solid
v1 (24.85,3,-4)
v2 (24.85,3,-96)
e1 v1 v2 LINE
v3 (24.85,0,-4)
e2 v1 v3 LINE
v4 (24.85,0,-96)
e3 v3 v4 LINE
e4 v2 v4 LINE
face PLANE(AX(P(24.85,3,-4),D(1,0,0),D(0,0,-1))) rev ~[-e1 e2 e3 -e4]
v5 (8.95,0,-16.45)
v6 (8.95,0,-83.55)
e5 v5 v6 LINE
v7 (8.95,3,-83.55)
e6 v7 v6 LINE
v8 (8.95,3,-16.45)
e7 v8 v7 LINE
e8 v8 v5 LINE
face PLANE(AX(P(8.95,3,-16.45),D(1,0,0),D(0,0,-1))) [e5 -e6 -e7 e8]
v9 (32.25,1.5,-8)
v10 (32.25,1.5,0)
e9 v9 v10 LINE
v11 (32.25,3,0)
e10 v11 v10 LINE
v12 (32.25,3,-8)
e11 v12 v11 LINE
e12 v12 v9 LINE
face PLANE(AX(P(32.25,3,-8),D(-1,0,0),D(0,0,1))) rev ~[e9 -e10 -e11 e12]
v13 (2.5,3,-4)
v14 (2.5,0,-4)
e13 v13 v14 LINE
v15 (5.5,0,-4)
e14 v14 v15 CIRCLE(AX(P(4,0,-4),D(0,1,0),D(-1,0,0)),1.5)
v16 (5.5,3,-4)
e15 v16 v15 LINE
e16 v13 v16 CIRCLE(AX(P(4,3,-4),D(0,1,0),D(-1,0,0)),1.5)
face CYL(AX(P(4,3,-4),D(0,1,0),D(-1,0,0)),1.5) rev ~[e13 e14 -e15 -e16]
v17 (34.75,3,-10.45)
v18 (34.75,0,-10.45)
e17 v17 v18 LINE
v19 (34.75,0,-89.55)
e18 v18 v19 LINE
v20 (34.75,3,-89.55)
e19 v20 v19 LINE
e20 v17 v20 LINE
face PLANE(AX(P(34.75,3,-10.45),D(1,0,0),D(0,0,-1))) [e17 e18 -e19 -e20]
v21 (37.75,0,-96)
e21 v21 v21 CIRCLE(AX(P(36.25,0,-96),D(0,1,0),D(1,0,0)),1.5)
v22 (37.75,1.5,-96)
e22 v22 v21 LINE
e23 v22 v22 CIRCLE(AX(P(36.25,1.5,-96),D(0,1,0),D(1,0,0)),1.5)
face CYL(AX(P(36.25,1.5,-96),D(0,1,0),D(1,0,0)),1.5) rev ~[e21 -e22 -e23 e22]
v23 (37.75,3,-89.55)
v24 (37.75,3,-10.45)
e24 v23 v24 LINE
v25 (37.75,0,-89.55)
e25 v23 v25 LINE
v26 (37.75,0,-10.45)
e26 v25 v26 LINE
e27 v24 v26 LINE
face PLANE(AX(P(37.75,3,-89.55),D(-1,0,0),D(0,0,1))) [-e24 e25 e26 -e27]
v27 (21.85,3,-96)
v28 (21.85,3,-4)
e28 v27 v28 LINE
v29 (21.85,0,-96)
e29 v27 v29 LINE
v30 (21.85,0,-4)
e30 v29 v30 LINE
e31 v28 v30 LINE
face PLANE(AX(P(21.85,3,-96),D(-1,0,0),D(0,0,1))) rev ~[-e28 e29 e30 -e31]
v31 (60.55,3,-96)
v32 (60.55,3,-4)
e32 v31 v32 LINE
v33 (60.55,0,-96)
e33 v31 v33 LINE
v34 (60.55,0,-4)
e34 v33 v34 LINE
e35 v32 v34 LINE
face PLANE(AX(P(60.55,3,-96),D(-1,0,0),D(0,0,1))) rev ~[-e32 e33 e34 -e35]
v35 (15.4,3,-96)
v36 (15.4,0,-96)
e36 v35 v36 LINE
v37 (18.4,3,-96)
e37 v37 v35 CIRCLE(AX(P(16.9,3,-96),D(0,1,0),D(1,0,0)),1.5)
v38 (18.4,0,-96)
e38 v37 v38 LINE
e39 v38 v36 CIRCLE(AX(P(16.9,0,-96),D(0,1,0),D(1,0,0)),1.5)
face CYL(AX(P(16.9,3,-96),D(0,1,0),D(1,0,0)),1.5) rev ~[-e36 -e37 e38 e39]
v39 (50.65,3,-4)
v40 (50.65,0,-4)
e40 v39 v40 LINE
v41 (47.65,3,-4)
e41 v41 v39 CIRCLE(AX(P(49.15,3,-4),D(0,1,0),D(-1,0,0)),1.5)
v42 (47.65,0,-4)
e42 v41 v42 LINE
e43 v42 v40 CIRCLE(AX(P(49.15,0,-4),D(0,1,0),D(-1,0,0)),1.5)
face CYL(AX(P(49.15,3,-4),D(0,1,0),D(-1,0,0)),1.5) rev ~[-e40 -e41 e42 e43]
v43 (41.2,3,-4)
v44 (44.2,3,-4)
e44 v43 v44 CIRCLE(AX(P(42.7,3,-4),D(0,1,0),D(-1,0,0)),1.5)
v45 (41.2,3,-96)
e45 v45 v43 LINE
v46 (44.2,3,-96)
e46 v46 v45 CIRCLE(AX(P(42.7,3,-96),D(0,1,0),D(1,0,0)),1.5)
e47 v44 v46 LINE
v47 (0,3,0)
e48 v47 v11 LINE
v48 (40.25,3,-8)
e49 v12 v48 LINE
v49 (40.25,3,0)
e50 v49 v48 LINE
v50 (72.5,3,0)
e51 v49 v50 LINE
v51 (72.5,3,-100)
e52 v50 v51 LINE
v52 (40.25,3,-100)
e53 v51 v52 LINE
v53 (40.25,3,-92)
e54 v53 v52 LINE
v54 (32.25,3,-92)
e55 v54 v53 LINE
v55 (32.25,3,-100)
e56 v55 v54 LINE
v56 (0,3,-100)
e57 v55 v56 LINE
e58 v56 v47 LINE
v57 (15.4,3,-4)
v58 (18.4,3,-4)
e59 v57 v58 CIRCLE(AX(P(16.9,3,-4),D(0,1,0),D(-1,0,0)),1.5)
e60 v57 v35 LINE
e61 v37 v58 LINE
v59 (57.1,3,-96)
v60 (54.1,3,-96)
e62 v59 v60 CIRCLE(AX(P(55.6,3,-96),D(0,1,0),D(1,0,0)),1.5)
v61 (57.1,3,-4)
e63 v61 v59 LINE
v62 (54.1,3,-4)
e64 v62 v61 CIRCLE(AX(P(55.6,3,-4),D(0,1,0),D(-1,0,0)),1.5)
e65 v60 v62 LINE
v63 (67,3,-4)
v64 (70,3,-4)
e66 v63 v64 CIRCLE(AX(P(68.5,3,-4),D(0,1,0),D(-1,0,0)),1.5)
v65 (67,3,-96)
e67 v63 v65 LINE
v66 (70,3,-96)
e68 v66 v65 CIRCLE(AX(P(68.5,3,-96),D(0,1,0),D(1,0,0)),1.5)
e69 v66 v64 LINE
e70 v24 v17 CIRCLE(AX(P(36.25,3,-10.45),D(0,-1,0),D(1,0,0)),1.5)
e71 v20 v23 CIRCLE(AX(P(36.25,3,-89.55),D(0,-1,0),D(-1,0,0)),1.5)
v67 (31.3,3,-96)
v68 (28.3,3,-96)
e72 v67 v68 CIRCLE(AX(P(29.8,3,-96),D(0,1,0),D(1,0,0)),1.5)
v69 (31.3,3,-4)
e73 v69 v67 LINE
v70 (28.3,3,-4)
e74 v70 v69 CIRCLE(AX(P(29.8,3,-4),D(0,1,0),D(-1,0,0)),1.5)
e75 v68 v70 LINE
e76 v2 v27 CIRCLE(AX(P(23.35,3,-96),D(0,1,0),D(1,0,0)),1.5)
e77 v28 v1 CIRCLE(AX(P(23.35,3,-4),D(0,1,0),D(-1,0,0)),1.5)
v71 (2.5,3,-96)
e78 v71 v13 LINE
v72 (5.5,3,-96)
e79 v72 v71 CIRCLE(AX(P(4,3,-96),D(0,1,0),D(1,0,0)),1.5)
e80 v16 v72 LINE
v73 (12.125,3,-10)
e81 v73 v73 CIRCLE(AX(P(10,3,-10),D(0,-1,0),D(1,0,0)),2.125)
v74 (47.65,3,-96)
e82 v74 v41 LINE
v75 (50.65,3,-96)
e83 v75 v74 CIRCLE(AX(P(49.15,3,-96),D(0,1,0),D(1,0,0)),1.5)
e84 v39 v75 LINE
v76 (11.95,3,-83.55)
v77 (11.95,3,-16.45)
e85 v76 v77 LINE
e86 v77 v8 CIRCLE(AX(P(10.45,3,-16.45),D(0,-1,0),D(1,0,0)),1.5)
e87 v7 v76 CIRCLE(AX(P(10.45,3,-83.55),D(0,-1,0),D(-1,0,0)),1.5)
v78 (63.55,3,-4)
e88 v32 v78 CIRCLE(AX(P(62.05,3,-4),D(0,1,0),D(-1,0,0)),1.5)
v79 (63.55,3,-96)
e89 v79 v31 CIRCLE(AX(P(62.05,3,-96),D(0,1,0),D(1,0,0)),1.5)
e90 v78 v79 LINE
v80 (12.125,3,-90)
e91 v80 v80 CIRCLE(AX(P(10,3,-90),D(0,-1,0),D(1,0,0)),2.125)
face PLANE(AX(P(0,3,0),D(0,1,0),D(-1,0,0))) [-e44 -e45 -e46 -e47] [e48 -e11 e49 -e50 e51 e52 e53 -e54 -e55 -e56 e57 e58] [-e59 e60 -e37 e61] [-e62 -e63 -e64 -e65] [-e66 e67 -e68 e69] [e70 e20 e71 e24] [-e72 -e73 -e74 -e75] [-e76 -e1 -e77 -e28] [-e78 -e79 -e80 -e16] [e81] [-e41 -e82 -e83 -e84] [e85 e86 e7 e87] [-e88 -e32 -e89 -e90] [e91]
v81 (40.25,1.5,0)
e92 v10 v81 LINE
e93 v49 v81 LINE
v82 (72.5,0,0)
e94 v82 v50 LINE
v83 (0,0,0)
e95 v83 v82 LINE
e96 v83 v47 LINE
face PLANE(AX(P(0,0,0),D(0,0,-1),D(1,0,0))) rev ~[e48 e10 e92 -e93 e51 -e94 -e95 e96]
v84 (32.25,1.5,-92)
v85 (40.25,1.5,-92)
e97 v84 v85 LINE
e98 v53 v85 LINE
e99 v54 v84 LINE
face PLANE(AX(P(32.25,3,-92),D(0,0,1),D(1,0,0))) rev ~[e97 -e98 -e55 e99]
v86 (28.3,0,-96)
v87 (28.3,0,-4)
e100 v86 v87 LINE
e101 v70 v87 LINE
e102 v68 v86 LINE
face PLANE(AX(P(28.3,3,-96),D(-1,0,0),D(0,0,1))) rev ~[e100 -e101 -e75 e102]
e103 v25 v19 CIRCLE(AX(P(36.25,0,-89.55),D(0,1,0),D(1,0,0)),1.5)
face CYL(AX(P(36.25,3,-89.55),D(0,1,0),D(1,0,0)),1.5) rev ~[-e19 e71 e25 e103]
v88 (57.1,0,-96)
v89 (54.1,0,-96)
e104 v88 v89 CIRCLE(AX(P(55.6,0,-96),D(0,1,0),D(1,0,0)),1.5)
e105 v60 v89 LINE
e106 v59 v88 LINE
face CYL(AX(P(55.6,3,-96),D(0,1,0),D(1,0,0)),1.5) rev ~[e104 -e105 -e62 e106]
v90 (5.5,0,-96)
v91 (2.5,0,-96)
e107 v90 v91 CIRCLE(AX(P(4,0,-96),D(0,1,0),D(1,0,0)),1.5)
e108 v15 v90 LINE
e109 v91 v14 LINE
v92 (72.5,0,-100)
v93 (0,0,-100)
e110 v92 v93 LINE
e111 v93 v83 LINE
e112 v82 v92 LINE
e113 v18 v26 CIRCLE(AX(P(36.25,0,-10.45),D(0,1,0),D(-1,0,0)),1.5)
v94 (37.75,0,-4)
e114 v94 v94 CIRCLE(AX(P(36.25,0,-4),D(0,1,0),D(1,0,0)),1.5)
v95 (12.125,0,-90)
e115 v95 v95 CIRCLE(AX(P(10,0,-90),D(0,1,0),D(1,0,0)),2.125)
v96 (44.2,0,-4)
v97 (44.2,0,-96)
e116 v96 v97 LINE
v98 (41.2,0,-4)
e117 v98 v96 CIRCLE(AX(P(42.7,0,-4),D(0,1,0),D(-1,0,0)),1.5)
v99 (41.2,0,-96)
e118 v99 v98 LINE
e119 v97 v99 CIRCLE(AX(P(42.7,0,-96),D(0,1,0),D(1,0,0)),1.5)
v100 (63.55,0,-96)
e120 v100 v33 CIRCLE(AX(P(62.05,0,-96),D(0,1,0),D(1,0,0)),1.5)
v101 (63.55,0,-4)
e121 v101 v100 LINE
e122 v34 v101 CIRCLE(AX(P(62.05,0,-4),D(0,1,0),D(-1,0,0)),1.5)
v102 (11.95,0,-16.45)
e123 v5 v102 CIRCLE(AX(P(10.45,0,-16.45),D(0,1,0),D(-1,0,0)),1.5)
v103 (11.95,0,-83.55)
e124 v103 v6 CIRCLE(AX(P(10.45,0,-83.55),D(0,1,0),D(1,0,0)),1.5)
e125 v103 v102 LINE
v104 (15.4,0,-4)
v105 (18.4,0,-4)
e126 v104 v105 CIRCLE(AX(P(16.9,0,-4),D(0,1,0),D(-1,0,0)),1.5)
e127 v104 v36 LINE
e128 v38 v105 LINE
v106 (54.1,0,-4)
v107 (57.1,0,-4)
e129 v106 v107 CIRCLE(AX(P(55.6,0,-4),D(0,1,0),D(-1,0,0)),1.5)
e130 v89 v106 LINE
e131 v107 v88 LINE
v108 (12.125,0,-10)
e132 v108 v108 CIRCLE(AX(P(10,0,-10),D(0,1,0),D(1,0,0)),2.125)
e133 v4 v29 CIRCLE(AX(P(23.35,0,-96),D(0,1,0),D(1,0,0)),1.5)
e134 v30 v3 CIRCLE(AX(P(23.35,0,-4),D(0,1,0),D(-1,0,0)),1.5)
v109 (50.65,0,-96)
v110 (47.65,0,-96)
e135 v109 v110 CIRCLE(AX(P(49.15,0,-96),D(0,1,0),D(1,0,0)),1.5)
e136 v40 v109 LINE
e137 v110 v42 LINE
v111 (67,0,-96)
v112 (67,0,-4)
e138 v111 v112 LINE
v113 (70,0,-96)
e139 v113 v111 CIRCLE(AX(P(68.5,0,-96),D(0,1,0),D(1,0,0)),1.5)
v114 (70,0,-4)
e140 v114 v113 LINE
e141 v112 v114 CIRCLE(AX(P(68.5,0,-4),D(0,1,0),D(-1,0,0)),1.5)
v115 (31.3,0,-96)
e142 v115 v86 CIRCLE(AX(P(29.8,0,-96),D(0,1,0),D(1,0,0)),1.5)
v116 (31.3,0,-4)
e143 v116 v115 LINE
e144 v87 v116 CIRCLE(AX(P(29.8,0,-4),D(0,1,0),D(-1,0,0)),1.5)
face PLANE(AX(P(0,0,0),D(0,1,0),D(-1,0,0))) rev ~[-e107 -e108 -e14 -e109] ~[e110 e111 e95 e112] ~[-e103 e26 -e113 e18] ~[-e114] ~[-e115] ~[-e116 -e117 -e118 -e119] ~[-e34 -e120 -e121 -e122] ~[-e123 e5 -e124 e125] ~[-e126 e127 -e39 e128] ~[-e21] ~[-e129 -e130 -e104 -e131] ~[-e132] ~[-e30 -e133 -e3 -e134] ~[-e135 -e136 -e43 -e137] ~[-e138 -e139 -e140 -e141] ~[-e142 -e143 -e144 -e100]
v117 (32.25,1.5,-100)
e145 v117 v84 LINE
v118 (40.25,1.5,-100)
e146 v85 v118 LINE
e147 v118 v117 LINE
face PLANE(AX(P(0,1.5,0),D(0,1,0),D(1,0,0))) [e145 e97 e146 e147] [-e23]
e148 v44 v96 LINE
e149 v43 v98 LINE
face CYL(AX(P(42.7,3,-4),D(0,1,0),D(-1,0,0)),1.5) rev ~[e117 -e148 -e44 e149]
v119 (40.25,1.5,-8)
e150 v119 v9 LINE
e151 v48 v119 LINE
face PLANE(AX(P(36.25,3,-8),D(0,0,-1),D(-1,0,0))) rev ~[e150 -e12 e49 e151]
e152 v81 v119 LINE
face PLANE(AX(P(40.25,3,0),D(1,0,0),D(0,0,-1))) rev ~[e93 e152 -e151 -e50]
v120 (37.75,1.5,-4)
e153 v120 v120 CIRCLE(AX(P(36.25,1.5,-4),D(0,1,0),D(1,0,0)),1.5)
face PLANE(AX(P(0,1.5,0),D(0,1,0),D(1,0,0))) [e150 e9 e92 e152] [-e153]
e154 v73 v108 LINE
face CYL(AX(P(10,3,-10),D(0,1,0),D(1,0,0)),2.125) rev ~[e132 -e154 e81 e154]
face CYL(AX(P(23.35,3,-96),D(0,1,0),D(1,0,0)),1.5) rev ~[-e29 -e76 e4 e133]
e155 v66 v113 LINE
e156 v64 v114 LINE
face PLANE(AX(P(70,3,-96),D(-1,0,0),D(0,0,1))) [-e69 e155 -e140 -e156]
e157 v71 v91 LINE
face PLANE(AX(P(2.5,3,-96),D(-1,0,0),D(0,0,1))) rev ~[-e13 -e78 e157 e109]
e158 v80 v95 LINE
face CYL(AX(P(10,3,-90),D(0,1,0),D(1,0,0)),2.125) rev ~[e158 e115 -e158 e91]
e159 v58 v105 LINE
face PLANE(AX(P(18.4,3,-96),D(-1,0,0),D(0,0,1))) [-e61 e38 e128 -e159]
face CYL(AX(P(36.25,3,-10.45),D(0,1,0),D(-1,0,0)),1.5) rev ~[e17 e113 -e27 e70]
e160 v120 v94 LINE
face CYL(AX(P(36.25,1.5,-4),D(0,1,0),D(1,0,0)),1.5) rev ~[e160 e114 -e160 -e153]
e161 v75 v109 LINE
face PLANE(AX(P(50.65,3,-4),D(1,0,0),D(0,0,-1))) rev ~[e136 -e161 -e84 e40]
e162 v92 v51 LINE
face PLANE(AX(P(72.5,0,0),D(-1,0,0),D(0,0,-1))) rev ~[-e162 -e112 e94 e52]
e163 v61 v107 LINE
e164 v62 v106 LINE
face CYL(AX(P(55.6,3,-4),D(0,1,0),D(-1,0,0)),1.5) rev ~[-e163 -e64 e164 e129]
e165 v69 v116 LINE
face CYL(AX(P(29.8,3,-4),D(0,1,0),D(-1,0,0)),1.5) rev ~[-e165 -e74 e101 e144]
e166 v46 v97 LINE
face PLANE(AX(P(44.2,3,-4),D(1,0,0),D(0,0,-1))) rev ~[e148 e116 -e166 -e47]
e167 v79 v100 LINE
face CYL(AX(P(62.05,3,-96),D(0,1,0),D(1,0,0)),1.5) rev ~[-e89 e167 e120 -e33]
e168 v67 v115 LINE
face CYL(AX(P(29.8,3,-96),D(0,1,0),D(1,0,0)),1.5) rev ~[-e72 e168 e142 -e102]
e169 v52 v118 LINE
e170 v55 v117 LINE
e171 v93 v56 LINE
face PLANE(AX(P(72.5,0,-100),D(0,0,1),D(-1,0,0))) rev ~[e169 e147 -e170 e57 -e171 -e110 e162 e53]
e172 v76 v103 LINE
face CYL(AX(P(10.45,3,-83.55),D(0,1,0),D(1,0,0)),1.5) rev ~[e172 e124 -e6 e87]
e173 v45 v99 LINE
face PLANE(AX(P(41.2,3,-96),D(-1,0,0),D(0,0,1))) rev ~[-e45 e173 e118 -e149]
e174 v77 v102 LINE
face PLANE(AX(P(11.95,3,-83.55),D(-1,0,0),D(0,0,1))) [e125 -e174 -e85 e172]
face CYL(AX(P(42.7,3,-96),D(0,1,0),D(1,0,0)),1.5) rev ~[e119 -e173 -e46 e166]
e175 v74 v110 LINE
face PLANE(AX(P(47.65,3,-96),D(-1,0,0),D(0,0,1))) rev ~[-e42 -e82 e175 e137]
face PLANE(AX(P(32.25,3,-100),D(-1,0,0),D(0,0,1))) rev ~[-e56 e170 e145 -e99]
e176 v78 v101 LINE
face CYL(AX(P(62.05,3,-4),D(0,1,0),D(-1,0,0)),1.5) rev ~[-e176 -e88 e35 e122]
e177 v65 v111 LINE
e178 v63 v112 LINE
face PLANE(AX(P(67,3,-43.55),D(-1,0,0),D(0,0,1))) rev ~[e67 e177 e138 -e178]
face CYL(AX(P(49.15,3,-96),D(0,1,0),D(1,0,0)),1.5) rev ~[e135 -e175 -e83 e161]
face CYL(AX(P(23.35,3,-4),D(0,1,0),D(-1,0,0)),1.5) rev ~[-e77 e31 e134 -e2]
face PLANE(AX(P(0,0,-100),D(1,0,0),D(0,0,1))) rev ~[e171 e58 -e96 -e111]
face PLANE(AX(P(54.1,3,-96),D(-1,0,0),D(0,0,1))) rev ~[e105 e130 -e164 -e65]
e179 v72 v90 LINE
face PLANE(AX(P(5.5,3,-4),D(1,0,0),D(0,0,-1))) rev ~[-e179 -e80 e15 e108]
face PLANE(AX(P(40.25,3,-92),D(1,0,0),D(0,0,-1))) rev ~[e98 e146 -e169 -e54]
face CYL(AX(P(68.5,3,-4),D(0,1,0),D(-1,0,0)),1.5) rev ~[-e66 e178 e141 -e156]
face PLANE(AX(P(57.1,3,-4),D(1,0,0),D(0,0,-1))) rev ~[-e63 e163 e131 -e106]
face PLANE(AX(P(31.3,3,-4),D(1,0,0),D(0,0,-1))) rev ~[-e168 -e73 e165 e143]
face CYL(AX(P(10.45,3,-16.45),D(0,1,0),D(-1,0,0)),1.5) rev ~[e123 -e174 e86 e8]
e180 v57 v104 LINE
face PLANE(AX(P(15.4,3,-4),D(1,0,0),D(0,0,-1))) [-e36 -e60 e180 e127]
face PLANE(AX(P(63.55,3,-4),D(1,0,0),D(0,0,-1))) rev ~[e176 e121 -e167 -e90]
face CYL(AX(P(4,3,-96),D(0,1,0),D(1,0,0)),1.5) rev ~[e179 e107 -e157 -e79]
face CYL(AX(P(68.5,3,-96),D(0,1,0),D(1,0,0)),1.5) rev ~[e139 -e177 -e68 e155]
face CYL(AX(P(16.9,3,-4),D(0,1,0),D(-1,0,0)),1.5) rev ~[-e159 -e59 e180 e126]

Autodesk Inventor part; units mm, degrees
ref_plane "YZ Plane" through (0, 0, 0) normal (1, 0, 0) x (0, 1, 0)
ref_plane "XZ Plane" through (0, 0, 0) normal (0, 1, 0) x (-1, 0, 0)
ref_plane "XY Plane" through (0, 0, 0) normal (0, 0, 1) x (1, 0, 0)
sketch "Sketch1" plane through (0, 0, 0) normal (0, 1, 0) x (-1, 0, 0)
  line L0 (0, 0) -> (-72.5, 0)
  line L1 (-72.5, 0) -> (-72.5, -100)
  line L2 (-72.5, -100) -> (0, -100)
  line L3 (0, -100) -> (0, 0)
  dimension "d0" = 72.5
  dimension "d1" = 100
extrude "Extrusion1" add sketch "Sketch1" along normal blind 3
sketch "Sketch7" plane through (0, 3, 0) normal (0, 1, 0) x (1, 0, 0)
  line L0 (72.5, 100) -> (0, 100) projected
  line L1 (0, 0) -> (72.5, 0)
  line L2 (72.5, 0) -> (72.5, 100)
  line L3 (72.5, 100) -> (0, 100)
  line L4 (0, 100) -> (0, 0)
  line L5 (0, 0) -> (0, 9.525)
  line L6 (0, 0) -> (10, 0)
  line L7 (10, 0) -> (10, 10)
  line L8 (10, 10) -> (0, 10)
  line L9 (0, 10) -> (0, 0)
  line L10 (0, 100) -> (10, 100)
  line L11 (10, 100) -> (10, 90)
  line L12 (10, 90) -> (0, 90)
  line L13 (0, 90) -> (0, 100)
  line L14 (72.5, 100) -> (62.5, 100)
  line L15 (62.5, 100) -> (62.5, 90)
  line L16 (62.5, 90) -> (72.5, 90)
  line L17 (72.5, 90) -> (72.5, 100)
  circle A0 centre (95, 95) radius 1.5
  line L18 (72.5, 0) -> (62.5, 0)
  line L19 (62.5, 0) -> (62.5, 10)
  line L20 (62.5, 10) -> (72.5, 10)
  line L21 (72.5, 10) -> (72.5, 0)
  circle A1 centre (95, 5) radius 1.5
  circle A2 centre (10, 90) radius 2.125
  circle A3 centre (10, 10) radius 2.125
  point P0 (41.25, 100)
  dimension "d36" = 10
  dimension "d37" = 10
  dimension "d39" = 10
  dimension "d40" = 10
  dimension "d42" = 10
  dimension "d43" = 10
  dimension "d44" = 3
  dimension "d45" = 10
  dimension "d46" = 10
  dimension "d47" = 3
  dimension "d181" = 4.25
  dimension "d182" = 4.25
extrude "Extrusion7" cut sketch "Sketch7" against normal blind 3 contours A2 L12 L11 | L11 L12 A2 | A3 L7 L8 | L8 L7 A3 | A0 | A1
sketch "Sketch11" plane through (0, 3, 0) normal (0, 1, 0) x (1, 0, 0)
  point P0 (0, 0)
sketch "Sketch13" plane through (0, 3, 0) normal (0, 1, 0) x (1, 0, 0)
  line L0 (0, 0) -> (72.5, 0) projected
  line L1 (36.25, 0) -> (36.25, 8)
  line L2 (36.25, 8) -> (32.25, 8)
  line L3 (32.25, 8) -> (32.25, 0)
  line L4 (36.25, 0) -> (32.25, 0)
  line L5 (36.25, 0) -> (40.25, 0)
  line L6 (40.25, 0) -> (40.25, 8)
  line L7 (40.25, 8) -> (36.25, 8)
  line L8 (72.5, 100) -> (0, 100) projected
  line L9 (36.25, 100) -> (32.25, 100)
  line L10 (32.25, 100) -> (32.25, 92)
  line L11 (32.25, 92) -> (40.25, 92)
  line L12 (40.25, 92) -> (40.25, 100)
  line L13 (40.25, 100) -> (36.25, 100)
  line L14 (72.5, 0) -> (72.5, 100) projected
  dimension "d190" = 8
  dimension "d191" = 4
  dimension "d192" = 4
  dimension "d193" = 8
extrude "Extrusion11" cut sketch "Sketch13" against normal blind 1.5
sketch "Sketch14" plane through (0, 1.5, 0) normal (0, 1, 0) x (1, 0, 0)
  line L0 (0, 0) -> (72.5, 0) projected
  line L1 (40.25, 8) -> (32.25, 8)
  line L2 (32.25, 8) -> (32.25, 0)
  line L3 (32.25, 0) -> (40.25, 0)
  line L4 (40.25, 0) -> (40.25, 8)
  line L5 (72.5, 100) -> (0, 100) projected
  line L6 (40.25, 100) -> (32.25, 100)
  line L7 (32.25, 100) -> (32.25, 92)
  line L8 (32.25, 92) -> (40.25, 92)
  line L9 (40.25, 92) -> (40.25, 100)
  circle A0 centre (36.25, 4) radius 1.5
  circle A1 centre (36.25, 96) radius 1.5
  point P0 (72.5, 46)
  point P1 (64.5, 54)
  dimension "d199" = 8
  dimension "d200" = 8
  dimension "d201" = 3
  dimension "d202" = 3
extrude "Extrusion12" cut sketch "Sketch14" against normal blind 1.5 contours A0 | A1
sketch "Sketch15" plane through (0, 3, 0) normal (0, 1, 0) x (1, 0, 0)
  circle A0 centre (36.25, 4) radius 1.5 projected
  line L0 (0, 100) -> (0, 0) projected
  circle A1 centre (36.25, 96) radius 1.5 projected
  line L1 (32.25, 8) -> (40.25, 8) projected
  arc A2 (2.5, 4) -> (5.5, 4) centre (4, 4) ccw
  arc A3 (15.4, 4) -> (18.4, 4) centre (16.9, 4) ccw
  arc A4 (21.85, 4) -> (24.85, 4) centre (23.35, 4) ccw
  arc A5 (28.3, 4) -> (31.3, 4) centre (29.8, 4) ccw
  arc A6 (41.2, 4) -> (44.2, 4) centre (42.7, 4) ccw
  arc A7 (47.65, 4) -> (50.65, 4) centre (49.15, 4) ccw
  arc A8 (54.1, 4) -> (57.1, 4) centre (55.6, 4) ccw
  arc A9 (60.55, 4) -> (63.55, 4) centre (62.05, 4) ccw
  arc A10 (67, 4) -> (70, 4) centre (68.5, 4) ccw
  arc A11 (70, 96) -> (67, 96) centre (68.5, 96) ccw
  arc A12 (63.55, 96) -> (60.55, 96) centre (62.05, 96) ccw
  arc A13 (57.1, 96) -> (54.1, 96) centre (55.6, 96) ccw
  arc A14 (50.65, 96) -> (47.65, 96) centre (49.15, 96) ccw
  arc A15 (44.2, 96) -> (41.2, 96) centre (42.7, 96) ccw
  arc A16 (31.3, 96) -> (28.3, 96) centre (29.8, 96) ccw
  arc A17 (24.85, 96) -> (21.85, 96) centre (23.35, 96) ccw
  arc A18 (18.4, 96) -> (15.4, 96) centre (16.9, 96) ccw
  arc A19 (5.5, 96) -> (2.5, 96) centre (4, 96) ccw
  circle A20 centre (10, 90) radius 2.125 projected
  line L2 (10, 90) -> (10.45, 90)
  line L3 (10.45, 90) -> (10.45, 83.55)
  arc A21 (11.95, 83.55) -> (8.95, 83.55) centre (10.45, 83.55) ccw
  circle A22 centre (10, 10) radius 2.125 projected
  line L4 (10, 10) -> (10.45, 10)
  line L5 (10.45, 10) -> (10.45, 16.45)
  arc A23 (8.95, 16.45) -> (11.95, 16.45) centre (10.45, 16.45) ccw
  line L6 (5.5, 4) -> (5.5, 96)
  line L7 (2.5, 96) -> (2.5, 4)
  line L8 (8.95, 16.45) -> (8.95, 83.55)
  line L9 (11.95, 83.55) -> (11.95, 16.45)
  line L10 (15.4, 4) -> (15.4, 96)
  line L11 (18.4, 96) -> (18.4, 4)
  line L12 (21.85, 96) -> (21.85, 4)
  line L13 (24.85, 4) -> (24.85, 96)
  line L14 (28.3, 96) -> (28.3, 4)
  line L15 (31.3, 4) -> (31.3, 96)
  line L16 (41.2, 96) -> (41.2, 4)
  line L17 (44.2, 4) -> (44.2, 96)
  line L18 (47.65, 96) -> (47.65, 4)
  line L19 (50.65, 4) -> (50.65, 96)
  line L20 (54.1, 96) -> (54.1, 4)
  line L21 (57.1, 4) -> (57.1, 96)
  line L22 (60.55, 96) -> (60.55, 4)
  line L23 (63.55, 4) -> (63.55, 96)
  line L24 (67, 43.55) -> (67, 4)
  line L25 (70, 4) -> (70, 43.55)
  line L26 (67, 56.45) -> (67, 96)
  line L27 (70, 96) -> (70, 56.45)
  line L28 (36.25, 4) -> (36.25, 10.45)
  arc A24 (34.75, 10.45) -> (37.75, 10.45) centre (36.25, 10.45) ccw
  line L29 (36.25, 96) -> (36.25, 89.55)
  arc A25 (37.75, 89.55) -> (34.75, 89.55) centre (36.25, 89.55) ccw
  line L30 (34.75, 10.45) -> (34.75, 89.55)
  line L31 (37.75, 89.55) -> (37.75, 10.45)
  line L32 (67, 56.45) -> (67, 43.55)
  line L33 (70, 43.55) -> (70, 56.45)
  dimension "d216" = 3
  dimension "d217" = 3
  dimension "d218" = 3
  dimension "d219" = 3
  dimension "d220" = 3
  dimension "d221" = 3
  dimension "d225" = 3
  dimension "d226" = 3
  dimension "d227" = 3
  dimension "d228" = 3
  dimension "d229" = 3
  dimension "d230" = 3
  dimension "d231" = 3
  dimension "d232" = 3
  dimension "d233" = 3
  dimension "d234" = 6.45
  dimension "d235" = 3
  dimension "d236" = 6.45
  dimension "d237" = 3
  dimension "d242" = 6.45
  dimension "d243" = 3
  dimension "d244" = 6.45
  dimension "d245" = 3
extrude "Extrusion13" cut sketch "Sketch15" against normal blind 3 contours A24 L30 A25 L31 | L7 A19 L6 A2 | L10 A18 L11 A3 | L12 A17 L13 A4 | L14 A16 L15 A5 | L16 A15 L17 A6 | L18 A14 L19 A7 | L20 A13 L21 A8 | L22 A12 L23 A9 | L24 L32 L26 A11 L27 L33 L25 A10 | A21 L9 A23 L8
sketch "Sketch16" plane through (0, 3, 0) normal (0, 1, 0) x (1, 0, 0)
  point P0 (0, 0)
properties part number "Tray"
